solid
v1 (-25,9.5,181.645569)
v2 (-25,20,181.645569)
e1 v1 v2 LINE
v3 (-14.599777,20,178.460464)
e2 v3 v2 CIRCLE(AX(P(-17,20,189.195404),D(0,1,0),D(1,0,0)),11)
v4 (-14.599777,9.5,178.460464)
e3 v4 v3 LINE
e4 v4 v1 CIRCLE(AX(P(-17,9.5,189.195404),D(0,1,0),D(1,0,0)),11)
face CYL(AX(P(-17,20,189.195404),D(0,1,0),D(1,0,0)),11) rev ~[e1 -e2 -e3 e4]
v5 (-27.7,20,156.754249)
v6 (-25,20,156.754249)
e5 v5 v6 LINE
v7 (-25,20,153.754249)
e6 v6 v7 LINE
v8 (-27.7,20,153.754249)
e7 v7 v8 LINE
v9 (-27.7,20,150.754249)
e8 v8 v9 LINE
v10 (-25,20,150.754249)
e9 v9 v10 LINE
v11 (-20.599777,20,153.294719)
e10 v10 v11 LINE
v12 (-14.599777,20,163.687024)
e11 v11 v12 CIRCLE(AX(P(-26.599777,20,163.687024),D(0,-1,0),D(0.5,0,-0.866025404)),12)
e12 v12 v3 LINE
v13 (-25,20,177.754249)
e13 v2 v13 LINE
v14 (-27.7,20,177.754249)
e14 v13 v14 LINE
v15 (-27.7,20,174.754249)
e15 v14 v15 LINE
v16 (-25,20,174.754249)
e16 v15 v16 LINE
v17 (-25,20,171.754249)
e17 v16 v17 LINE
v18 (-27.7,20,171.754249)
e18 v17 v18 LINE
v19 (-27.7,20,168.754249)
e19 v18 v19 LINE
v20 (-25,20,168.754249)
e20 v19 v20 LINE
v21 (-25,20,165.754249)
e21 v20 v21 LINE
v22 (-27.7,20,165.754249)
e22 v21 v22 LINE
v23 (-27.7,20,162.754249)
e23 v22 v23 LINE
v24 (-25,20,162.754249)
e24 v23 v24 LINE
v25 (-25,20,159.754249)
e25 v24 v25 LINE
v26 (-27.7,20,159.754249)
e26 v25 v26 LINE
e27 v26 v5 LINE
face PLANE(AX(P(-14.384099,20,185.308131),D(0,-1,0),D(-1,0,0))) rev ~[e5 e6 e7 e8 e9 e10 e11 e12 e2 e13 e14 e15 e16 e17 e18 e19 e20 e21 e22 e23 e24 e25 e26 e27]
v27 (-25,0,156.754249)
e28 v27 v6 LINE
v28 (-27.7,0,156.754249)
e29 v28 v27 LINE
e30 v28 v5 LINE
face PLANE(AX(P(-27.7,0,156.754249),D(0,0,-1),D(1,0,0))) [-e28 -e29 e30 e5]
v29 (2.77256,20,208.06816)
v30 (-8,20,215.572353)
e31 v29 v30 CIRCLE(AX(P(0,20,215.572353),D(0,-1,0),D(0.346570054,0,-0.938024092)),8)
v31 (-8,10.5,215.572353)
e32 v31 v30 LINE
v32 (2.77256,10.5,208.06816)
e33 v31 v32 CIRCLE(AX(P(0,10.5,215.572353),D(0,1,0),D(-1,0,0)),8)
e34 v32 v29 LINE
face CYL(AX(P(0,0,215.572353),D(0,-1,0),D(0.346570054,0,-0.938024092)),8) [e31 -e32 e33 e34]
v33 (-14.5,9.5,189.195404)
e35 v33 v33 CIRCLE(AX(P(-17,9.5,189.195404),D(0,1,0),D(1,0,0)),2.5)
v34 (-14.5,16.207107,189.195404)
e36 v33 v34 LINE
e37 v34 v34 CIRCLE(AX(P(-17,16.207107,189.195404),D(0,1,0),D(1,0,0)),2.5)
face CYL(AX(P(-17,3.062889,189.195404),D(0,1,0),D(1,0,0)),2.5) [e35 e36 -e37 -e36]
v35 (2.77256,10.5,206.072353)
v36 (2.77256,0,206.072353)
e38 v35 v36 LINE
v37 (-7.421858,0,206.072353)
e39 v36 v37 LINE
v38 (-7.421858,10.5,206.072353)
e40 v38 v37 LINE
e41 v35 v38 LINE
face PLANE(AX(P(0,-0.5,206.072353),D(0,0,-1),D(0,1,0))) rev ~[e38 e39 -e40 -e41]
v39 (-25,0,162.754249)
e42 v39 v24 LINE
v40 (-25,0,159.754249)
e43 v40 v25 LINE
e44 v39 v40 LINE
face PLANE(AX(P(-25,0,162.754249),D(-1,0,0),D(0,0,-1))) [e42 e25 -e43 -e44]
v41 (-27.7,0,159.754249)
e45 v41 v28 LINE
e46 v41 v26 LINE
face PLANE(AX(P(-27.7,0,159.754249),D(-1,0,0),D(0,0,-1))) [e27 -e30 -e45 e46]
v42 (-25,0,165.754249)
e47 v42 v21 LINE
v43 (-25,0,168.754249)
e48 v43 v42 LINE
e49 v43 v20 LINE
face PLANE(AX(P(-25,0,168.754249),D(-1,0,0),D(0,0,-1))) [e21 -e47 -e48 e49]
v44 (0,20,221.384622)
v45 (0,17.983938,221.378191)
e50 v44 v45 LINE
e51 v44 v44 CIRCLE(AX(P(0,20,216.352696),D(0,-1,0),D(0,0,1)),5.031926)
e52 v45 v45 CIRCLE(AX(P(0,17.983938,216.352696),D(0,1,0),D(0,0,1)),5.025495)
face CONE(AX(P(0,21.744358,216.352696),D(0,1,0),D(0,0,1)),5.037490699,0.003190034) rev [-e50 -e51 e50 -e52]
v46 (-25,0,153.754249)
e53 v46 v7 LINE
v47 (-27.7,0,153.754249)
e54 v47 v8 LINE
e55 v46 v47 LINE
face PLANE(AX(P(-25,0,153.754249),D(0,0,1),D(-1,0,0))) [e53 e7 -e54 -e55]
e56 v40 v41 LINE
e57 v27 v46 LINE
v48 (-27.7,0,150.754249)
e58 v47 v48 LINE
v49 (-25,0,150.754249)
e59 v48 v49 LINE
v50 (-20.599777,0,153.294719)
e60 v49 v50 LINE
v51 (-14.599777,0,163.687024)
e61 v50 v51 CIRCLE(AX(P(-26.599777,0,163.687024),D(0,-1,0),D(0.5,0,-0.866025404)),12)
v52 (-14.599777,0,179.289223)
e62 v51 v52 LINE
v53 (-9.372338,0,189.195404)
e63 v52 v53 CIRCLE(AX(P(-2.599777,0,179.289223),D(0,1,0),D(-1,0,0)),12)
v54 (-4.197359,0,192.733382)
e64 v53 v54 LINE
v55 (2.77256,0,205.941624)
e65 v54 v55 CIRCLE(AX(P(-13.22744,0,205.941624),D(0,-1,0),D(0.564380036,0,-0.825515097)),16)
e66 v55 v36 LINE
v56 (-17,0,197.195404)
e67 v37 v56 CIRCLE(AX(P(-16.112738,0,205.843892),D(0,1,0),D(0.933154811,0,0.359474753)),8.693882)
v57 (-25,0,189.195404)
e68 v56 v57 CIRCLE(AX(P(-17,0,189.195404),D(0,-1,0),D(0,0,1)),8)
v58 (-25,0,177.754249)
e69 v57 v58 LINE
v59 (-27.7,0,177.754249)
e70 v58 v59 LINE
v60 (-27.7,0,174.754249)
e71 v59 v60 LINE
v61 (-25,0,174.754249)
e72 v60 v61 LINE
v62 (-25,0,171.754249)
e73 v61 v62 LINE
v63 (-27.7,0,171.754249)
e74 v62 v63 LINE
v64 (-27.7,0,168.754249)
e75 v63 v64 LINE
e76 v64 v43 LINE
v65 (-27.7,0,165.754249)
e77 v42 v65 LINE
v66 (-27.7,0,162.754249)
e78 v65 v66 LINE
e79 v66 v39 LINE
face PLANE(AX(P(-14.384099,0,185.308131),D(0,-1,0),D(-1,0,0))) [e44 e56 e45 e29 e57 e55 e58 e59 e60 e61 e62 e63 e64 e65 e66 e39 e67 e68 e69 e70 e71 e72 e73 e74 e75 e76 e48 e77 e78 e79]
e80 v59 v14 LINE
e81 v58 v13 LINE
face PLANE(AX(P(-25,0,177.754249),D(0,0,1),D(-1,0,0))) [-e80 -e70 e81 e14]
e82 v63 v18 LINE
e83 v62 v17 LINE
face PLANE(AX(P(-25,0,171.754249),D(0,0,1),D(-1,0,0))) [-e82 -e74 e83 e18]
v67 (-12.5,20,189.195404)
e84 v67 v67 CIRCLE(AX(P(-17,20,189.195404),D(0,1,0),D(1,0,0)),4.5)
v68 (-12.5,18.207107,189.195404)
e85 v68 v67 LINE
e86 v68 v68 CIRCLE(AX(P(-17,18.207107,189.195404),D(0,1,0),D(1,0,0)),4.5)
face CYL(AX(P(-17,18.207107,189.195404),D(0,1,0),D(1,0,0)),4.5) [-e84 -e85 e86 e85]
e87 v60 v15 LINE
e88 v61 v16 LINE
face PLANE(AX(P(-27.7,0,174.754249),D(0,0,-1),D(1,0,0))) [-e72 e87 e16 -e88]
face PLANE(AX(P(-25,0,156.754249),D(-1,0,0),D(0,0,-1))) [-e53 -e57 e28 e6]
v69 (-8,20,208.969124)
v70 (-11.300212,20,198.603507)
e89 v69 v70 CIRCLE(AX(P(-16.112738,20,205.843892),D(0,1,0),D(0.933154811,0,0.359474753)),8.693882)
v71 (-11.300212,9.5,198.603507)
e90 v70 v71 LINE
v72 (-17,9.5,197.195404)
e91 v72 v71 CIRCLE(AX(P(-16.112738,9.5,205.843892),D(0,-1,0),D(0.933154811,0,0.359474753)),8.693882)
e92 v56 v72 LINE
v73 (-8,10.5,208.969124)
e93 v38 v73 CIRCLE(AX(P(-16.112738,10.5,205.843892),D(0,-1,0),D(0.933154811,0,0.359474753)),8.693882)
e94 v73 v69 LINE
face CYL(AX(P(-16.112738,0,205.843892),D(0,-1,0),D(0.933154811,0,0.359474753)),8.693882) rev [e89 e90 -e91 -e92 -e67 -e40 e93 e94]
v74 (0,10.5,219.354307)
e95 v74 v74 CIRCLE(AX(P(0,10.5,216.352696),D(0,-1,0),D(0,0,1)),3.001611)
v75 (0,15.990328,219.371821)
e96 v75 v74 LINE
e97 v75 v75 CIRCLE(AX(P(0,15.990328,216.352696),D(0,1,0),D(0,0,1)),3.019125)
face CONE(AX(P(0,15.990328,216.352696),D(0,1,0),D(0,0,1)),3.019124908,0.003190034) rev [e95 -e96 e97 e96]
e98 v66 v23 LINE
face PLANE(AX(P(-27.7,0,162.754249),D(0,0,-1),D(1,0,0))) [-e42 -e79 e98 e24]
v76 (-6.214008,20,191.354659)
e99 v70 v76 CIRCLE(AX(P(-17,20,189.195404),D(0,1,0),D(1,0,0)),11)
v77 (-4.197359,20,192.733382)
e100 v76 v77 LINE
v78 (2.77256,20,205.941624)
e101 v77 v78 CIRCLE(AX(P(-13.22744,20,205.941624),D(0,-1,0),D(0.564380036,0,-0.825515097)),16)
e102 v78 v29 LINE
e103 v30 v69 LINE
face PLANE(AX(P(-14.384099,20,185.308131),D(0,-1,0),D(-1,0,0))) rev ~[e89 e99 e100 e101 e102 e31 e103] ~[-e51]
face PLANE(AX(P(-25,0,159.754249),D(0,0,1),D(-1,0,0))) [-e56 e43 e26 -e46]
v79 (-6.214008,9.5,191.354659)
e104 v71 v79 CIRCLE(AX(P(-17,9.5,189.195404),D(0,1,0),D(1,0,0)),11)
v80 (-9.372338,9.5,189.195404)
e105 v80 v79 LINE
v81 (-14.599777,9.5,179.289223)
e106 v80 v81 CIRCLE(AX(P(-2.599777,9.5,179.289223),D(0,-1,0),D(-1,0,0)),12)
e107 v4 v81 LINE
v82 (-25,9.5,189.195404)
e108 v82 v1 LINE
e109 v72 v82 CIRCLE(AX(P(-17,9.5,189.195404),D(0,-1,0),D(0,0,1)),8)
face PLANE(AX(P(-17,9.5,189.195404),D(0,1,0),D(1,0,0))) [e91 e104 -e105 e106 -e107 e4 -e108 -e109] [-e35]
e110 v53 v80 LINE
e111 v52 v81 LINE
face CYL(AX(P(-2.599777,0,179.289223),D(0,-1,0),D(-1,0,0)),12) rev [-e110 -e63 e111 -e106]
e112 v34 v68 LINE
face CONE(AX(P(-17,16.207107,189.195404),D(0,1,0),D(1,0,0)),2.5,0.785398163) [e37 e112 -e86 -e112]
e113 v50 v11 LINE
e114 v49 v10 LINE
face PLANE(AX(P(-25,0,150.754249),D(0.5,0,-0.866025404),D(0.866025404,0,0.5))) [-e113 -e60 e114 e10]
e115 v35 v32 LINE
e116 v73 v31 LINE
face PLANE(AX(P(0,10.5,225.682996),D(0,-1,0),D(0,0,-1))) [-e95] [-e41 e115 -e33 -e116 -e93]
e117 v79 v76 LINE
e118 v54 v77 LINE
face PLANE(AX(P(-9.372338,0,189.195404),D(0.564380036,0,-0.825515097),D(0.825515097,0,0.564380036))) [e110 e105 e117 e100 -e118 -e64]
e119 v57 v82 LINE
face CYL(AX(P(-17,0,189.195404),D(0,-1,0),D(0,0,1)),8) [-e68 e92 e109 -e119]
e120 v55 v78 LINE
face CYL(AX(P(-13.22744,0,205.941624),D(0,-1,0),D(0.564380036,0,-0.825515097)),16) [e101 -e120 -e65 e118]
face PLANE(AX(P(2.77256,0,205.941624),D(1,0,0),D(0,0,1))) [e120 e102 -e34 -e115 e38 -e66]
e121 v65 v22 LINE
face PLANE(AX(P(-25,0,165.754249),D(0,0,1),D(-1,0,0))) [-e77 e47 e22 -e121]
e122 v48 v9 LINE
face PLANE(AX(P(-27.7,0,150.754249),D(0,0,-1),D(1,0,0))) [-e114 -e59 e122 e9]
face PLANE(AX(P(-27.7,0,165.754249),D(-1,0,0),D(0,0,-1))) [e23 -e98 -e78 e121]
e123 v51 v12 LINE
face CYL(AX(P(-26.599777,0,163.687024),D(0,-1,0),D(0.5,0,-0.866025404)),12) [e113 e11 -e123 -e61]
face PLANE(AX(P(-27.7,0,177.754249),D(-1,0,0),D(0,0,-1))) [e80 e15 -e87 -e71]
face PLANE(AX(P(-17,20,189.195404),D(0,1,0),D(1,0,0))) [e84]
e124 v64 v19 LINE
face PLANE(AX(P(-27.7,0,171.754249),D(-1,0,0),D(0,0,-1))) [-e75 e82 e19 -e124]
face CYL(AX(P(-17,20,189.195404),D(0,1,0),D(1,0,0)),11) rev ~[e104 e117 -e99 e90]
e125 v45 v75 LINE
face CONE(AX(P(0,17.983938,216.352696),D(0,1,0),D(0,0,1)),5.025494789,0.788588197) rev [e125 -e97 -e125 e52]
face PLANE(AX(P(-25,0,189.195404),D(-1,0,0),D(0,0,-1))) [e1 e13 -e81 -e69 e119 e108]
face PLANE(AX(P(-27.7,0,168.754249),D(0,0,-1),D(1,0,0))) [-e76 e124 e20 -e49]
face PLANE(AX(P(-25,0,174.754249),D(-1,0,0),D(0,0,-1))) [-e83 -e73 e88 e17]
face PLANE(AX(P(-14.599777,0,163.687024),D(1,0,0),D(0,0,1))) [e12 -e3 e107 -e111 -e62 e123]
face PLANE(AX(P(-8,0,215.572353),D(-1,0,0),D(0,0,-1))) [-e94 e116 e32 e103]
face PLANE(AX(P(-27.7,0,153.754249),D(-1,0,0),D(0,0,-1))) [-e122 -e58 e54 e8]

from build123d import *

# Parameters (mm, degrees)
BOSS_EXTRUDE1_DEPTH     = 20
SKETCH2_W               = 19.610643165
SKETCH2_H               = 11
CUT_EXTRUDE1_DEPTH      = 227.167829004
CUT_EXTRUDE1_DEPTH_BACK = 227.167829004
SKETCH7_R               = 11
CUT_EXTRUDE2_DEPTH      = 10.5
SKETCH6_W               = 2.5
SKETCH6_H               = 6.937111225


with BuildPart() as part:
    # Sketch1 → Boss-Extrude1 (new body)
    with BuildSketch(Plane(origin=(0, 0, 0), x_dir=(1, 0, 0), z_dir=(0, 1, 0))):
        with BuildLine():
            Line((-14.599777392, -163.687024017), (-14.599777392, -179.289222575))
            ThreePointArc((-14.599777392, -179.289222575), (-13.212758245, -184.889636615), (-9.372337822, -189.195403737))
            Line((-9.372337822, -189.195403737), (-4.197358995, -192.733382325))
            ThreePointArc((-4.197358995, -192.733382325), (0.923201568, -198.474405155), (2.772560431, -205.941623874))
            Line((2.772560431, -205.941623874), (2.772560431, -208.068159927))
            ThreePointArc((2.772560431, -208.068159927), (4.572718915, -222.13666845), (-8, -215.572352665))
            Line((-8, -215.572352665), (-8, -208.969123671))
            ThreePointArc((-8, -208.969123671), (-9.205712947, -200.564063539), (-17, -197.195403737))
            ThreePointArc((-17, -197.195403737), (-22.656854249, -194.852257987), (-25, -189.195403737))
            Line((-25, -189.195403737), (-25, -177.754249464))
            Line((-25, -177.754249464), (-27.7, -177.754249464))
            Line((-27.7, -177.754249464), (-27.7, -174.754249464))
            Line((-27.7, -174.754249464), (-25, -174.754249464))
            Line((-25, -174.754249464), (-25, -171.754249464))
            Line((-25, -171.754249464), (-27.7, -171.754249464))
            Line((-27.7, -171.754249464), (-27.7, -168.754249464))
            Line((-27.7, -168.754249464), (-25, -168.754249464))
            Line((-25, -168.754249464), (-25, -165.754249464))
            Line((-25, -165.754249464), (-27.7, -165.754249464))
            Line((-27.7, -165.754249464), (-27.7, -162.754249464))
            Line((-27.7, -162.754249464), (-25, -162.754249464))
            Line((-25, -162.754249464), (-25, -159.754249464))
            Line((-25, -159.754249464), (-27.7, -159.754249464))
            Line((-27.7, -159.754249464), (-27.7, -156.754249464))
            Line((-27.7, -156.754249464), (-25, -156.754249464))
            Line((-25, -156.754249464), (-25, -153.754249464))
            Line((-25, -153.754249464), (-27.7, -153.754249464))
            Line((-27.7, -153.754249464), (-27.7, -150.754249464))
            Line((-27.7, -150.754249464), (-25, -150.754249464))
            Line((-25, -150.754249464), (-20.599777392, -153.294719172))
            ThreePointArc((-20.599777392, -153.294719172), (-16.207472546, -157.687024017), (-14.599777392, -163.687024017))
        make_face()
    extrude(amount=BOSS_EXTRUDE1_DEPTH)

    # Sketch2 → Cut-Extrude1 (cut, two sides)
    with BuildSketch(Plane(origin=(0, 0, 0), x_dir=(0, 0, -1), z_dir=(1, 0, 0))) as cut_extrude1_sk:
        with Locations((-215.877674248, 5)):
            Rectangle(SKETCH2_W, SKETCH2_H)
    extrude(amount=CUT_EXTRUDE1_DEPTH, mode=Mode.SUBTRACT)
    extrude(cut_extrude1_sk.sketch, amount=-CUT_EXTRUDE1_DEPTH_BACK, mode=Mode.SUBTRACT)

    # Sketch4 → Cut-Revolve8 (revolve, cut)
    with BuildSketch(Plane(origin=(0, 0, 0), x_dir=(0, 0, -1), z_dir=(1, 0, 0)), mode=Mode.PRIVATE) as cut_revolve8_sk:
        Polygon((-213.371823115, 3.99935592), (-216.352696282, 4.00886504), (-216.352696282, 9.999898237), (-216.352696282, 21.744358227), (-211.315205583, 21.744358227), (-211.327201493, 17.983937872), (-213.333571374, 15.990328105), (-213.352711547, 9.990358634), align=None)
    revolve(cut_revolve8_sk.sketch.rotate(Axis((0, 4.00886504, 216.352696282), (0, 1, 0)), 180), axis=Axis((0, 4.00886504, 216.352696282), (0, 1, 0)), mode=Mode.SUBTRACT)

    # Sketch7 → Cut-Extrude2 (cut)
    with BuildSketch(Plane(origin=(0, 20, 0), x_dir=(1, 0, 0), z_dir=(0, 1, 0))):
        with Locations((-17, -189.195403737)):
            Circle(SKETCH7_R)
    extrude(amount=-CUT_EXTRUDE2_DEPTH, mode=Mode.SUBTRACT)

    # Sketch6 → Revolve2 (revolve)
    with BuildSketch(Plane.XY.offset(189.195403737)):
        Polygon((-17, 10), (-14.5, 10), (-14.5, 16.207106781), (-12.5, 18.207106781), (-12.5, 20), (-17, 20), align=None)
        with Locations((-15.75, 6.531444388)):
            Rectangle(SKETCH6_W, SKETCH6_H)
        Polygon((-14, 16), (-14, 10), (-9, 10), (-9, 20), (-12, 20), (-12, 18), align=None)
    revolve(axis=Axis((-17, 0, 189.195403737), (0, 1, 0)))


with BuildPart() as revolve2_kept_piece:
    # of the separate pieces the step leaves, the one the design keeps (revolve2_pieces_kept)
    add(part.part.solids().sort_by_distance((-25, 0, 189.195403737))[0])


solid = revolve2_kept_piece.part
